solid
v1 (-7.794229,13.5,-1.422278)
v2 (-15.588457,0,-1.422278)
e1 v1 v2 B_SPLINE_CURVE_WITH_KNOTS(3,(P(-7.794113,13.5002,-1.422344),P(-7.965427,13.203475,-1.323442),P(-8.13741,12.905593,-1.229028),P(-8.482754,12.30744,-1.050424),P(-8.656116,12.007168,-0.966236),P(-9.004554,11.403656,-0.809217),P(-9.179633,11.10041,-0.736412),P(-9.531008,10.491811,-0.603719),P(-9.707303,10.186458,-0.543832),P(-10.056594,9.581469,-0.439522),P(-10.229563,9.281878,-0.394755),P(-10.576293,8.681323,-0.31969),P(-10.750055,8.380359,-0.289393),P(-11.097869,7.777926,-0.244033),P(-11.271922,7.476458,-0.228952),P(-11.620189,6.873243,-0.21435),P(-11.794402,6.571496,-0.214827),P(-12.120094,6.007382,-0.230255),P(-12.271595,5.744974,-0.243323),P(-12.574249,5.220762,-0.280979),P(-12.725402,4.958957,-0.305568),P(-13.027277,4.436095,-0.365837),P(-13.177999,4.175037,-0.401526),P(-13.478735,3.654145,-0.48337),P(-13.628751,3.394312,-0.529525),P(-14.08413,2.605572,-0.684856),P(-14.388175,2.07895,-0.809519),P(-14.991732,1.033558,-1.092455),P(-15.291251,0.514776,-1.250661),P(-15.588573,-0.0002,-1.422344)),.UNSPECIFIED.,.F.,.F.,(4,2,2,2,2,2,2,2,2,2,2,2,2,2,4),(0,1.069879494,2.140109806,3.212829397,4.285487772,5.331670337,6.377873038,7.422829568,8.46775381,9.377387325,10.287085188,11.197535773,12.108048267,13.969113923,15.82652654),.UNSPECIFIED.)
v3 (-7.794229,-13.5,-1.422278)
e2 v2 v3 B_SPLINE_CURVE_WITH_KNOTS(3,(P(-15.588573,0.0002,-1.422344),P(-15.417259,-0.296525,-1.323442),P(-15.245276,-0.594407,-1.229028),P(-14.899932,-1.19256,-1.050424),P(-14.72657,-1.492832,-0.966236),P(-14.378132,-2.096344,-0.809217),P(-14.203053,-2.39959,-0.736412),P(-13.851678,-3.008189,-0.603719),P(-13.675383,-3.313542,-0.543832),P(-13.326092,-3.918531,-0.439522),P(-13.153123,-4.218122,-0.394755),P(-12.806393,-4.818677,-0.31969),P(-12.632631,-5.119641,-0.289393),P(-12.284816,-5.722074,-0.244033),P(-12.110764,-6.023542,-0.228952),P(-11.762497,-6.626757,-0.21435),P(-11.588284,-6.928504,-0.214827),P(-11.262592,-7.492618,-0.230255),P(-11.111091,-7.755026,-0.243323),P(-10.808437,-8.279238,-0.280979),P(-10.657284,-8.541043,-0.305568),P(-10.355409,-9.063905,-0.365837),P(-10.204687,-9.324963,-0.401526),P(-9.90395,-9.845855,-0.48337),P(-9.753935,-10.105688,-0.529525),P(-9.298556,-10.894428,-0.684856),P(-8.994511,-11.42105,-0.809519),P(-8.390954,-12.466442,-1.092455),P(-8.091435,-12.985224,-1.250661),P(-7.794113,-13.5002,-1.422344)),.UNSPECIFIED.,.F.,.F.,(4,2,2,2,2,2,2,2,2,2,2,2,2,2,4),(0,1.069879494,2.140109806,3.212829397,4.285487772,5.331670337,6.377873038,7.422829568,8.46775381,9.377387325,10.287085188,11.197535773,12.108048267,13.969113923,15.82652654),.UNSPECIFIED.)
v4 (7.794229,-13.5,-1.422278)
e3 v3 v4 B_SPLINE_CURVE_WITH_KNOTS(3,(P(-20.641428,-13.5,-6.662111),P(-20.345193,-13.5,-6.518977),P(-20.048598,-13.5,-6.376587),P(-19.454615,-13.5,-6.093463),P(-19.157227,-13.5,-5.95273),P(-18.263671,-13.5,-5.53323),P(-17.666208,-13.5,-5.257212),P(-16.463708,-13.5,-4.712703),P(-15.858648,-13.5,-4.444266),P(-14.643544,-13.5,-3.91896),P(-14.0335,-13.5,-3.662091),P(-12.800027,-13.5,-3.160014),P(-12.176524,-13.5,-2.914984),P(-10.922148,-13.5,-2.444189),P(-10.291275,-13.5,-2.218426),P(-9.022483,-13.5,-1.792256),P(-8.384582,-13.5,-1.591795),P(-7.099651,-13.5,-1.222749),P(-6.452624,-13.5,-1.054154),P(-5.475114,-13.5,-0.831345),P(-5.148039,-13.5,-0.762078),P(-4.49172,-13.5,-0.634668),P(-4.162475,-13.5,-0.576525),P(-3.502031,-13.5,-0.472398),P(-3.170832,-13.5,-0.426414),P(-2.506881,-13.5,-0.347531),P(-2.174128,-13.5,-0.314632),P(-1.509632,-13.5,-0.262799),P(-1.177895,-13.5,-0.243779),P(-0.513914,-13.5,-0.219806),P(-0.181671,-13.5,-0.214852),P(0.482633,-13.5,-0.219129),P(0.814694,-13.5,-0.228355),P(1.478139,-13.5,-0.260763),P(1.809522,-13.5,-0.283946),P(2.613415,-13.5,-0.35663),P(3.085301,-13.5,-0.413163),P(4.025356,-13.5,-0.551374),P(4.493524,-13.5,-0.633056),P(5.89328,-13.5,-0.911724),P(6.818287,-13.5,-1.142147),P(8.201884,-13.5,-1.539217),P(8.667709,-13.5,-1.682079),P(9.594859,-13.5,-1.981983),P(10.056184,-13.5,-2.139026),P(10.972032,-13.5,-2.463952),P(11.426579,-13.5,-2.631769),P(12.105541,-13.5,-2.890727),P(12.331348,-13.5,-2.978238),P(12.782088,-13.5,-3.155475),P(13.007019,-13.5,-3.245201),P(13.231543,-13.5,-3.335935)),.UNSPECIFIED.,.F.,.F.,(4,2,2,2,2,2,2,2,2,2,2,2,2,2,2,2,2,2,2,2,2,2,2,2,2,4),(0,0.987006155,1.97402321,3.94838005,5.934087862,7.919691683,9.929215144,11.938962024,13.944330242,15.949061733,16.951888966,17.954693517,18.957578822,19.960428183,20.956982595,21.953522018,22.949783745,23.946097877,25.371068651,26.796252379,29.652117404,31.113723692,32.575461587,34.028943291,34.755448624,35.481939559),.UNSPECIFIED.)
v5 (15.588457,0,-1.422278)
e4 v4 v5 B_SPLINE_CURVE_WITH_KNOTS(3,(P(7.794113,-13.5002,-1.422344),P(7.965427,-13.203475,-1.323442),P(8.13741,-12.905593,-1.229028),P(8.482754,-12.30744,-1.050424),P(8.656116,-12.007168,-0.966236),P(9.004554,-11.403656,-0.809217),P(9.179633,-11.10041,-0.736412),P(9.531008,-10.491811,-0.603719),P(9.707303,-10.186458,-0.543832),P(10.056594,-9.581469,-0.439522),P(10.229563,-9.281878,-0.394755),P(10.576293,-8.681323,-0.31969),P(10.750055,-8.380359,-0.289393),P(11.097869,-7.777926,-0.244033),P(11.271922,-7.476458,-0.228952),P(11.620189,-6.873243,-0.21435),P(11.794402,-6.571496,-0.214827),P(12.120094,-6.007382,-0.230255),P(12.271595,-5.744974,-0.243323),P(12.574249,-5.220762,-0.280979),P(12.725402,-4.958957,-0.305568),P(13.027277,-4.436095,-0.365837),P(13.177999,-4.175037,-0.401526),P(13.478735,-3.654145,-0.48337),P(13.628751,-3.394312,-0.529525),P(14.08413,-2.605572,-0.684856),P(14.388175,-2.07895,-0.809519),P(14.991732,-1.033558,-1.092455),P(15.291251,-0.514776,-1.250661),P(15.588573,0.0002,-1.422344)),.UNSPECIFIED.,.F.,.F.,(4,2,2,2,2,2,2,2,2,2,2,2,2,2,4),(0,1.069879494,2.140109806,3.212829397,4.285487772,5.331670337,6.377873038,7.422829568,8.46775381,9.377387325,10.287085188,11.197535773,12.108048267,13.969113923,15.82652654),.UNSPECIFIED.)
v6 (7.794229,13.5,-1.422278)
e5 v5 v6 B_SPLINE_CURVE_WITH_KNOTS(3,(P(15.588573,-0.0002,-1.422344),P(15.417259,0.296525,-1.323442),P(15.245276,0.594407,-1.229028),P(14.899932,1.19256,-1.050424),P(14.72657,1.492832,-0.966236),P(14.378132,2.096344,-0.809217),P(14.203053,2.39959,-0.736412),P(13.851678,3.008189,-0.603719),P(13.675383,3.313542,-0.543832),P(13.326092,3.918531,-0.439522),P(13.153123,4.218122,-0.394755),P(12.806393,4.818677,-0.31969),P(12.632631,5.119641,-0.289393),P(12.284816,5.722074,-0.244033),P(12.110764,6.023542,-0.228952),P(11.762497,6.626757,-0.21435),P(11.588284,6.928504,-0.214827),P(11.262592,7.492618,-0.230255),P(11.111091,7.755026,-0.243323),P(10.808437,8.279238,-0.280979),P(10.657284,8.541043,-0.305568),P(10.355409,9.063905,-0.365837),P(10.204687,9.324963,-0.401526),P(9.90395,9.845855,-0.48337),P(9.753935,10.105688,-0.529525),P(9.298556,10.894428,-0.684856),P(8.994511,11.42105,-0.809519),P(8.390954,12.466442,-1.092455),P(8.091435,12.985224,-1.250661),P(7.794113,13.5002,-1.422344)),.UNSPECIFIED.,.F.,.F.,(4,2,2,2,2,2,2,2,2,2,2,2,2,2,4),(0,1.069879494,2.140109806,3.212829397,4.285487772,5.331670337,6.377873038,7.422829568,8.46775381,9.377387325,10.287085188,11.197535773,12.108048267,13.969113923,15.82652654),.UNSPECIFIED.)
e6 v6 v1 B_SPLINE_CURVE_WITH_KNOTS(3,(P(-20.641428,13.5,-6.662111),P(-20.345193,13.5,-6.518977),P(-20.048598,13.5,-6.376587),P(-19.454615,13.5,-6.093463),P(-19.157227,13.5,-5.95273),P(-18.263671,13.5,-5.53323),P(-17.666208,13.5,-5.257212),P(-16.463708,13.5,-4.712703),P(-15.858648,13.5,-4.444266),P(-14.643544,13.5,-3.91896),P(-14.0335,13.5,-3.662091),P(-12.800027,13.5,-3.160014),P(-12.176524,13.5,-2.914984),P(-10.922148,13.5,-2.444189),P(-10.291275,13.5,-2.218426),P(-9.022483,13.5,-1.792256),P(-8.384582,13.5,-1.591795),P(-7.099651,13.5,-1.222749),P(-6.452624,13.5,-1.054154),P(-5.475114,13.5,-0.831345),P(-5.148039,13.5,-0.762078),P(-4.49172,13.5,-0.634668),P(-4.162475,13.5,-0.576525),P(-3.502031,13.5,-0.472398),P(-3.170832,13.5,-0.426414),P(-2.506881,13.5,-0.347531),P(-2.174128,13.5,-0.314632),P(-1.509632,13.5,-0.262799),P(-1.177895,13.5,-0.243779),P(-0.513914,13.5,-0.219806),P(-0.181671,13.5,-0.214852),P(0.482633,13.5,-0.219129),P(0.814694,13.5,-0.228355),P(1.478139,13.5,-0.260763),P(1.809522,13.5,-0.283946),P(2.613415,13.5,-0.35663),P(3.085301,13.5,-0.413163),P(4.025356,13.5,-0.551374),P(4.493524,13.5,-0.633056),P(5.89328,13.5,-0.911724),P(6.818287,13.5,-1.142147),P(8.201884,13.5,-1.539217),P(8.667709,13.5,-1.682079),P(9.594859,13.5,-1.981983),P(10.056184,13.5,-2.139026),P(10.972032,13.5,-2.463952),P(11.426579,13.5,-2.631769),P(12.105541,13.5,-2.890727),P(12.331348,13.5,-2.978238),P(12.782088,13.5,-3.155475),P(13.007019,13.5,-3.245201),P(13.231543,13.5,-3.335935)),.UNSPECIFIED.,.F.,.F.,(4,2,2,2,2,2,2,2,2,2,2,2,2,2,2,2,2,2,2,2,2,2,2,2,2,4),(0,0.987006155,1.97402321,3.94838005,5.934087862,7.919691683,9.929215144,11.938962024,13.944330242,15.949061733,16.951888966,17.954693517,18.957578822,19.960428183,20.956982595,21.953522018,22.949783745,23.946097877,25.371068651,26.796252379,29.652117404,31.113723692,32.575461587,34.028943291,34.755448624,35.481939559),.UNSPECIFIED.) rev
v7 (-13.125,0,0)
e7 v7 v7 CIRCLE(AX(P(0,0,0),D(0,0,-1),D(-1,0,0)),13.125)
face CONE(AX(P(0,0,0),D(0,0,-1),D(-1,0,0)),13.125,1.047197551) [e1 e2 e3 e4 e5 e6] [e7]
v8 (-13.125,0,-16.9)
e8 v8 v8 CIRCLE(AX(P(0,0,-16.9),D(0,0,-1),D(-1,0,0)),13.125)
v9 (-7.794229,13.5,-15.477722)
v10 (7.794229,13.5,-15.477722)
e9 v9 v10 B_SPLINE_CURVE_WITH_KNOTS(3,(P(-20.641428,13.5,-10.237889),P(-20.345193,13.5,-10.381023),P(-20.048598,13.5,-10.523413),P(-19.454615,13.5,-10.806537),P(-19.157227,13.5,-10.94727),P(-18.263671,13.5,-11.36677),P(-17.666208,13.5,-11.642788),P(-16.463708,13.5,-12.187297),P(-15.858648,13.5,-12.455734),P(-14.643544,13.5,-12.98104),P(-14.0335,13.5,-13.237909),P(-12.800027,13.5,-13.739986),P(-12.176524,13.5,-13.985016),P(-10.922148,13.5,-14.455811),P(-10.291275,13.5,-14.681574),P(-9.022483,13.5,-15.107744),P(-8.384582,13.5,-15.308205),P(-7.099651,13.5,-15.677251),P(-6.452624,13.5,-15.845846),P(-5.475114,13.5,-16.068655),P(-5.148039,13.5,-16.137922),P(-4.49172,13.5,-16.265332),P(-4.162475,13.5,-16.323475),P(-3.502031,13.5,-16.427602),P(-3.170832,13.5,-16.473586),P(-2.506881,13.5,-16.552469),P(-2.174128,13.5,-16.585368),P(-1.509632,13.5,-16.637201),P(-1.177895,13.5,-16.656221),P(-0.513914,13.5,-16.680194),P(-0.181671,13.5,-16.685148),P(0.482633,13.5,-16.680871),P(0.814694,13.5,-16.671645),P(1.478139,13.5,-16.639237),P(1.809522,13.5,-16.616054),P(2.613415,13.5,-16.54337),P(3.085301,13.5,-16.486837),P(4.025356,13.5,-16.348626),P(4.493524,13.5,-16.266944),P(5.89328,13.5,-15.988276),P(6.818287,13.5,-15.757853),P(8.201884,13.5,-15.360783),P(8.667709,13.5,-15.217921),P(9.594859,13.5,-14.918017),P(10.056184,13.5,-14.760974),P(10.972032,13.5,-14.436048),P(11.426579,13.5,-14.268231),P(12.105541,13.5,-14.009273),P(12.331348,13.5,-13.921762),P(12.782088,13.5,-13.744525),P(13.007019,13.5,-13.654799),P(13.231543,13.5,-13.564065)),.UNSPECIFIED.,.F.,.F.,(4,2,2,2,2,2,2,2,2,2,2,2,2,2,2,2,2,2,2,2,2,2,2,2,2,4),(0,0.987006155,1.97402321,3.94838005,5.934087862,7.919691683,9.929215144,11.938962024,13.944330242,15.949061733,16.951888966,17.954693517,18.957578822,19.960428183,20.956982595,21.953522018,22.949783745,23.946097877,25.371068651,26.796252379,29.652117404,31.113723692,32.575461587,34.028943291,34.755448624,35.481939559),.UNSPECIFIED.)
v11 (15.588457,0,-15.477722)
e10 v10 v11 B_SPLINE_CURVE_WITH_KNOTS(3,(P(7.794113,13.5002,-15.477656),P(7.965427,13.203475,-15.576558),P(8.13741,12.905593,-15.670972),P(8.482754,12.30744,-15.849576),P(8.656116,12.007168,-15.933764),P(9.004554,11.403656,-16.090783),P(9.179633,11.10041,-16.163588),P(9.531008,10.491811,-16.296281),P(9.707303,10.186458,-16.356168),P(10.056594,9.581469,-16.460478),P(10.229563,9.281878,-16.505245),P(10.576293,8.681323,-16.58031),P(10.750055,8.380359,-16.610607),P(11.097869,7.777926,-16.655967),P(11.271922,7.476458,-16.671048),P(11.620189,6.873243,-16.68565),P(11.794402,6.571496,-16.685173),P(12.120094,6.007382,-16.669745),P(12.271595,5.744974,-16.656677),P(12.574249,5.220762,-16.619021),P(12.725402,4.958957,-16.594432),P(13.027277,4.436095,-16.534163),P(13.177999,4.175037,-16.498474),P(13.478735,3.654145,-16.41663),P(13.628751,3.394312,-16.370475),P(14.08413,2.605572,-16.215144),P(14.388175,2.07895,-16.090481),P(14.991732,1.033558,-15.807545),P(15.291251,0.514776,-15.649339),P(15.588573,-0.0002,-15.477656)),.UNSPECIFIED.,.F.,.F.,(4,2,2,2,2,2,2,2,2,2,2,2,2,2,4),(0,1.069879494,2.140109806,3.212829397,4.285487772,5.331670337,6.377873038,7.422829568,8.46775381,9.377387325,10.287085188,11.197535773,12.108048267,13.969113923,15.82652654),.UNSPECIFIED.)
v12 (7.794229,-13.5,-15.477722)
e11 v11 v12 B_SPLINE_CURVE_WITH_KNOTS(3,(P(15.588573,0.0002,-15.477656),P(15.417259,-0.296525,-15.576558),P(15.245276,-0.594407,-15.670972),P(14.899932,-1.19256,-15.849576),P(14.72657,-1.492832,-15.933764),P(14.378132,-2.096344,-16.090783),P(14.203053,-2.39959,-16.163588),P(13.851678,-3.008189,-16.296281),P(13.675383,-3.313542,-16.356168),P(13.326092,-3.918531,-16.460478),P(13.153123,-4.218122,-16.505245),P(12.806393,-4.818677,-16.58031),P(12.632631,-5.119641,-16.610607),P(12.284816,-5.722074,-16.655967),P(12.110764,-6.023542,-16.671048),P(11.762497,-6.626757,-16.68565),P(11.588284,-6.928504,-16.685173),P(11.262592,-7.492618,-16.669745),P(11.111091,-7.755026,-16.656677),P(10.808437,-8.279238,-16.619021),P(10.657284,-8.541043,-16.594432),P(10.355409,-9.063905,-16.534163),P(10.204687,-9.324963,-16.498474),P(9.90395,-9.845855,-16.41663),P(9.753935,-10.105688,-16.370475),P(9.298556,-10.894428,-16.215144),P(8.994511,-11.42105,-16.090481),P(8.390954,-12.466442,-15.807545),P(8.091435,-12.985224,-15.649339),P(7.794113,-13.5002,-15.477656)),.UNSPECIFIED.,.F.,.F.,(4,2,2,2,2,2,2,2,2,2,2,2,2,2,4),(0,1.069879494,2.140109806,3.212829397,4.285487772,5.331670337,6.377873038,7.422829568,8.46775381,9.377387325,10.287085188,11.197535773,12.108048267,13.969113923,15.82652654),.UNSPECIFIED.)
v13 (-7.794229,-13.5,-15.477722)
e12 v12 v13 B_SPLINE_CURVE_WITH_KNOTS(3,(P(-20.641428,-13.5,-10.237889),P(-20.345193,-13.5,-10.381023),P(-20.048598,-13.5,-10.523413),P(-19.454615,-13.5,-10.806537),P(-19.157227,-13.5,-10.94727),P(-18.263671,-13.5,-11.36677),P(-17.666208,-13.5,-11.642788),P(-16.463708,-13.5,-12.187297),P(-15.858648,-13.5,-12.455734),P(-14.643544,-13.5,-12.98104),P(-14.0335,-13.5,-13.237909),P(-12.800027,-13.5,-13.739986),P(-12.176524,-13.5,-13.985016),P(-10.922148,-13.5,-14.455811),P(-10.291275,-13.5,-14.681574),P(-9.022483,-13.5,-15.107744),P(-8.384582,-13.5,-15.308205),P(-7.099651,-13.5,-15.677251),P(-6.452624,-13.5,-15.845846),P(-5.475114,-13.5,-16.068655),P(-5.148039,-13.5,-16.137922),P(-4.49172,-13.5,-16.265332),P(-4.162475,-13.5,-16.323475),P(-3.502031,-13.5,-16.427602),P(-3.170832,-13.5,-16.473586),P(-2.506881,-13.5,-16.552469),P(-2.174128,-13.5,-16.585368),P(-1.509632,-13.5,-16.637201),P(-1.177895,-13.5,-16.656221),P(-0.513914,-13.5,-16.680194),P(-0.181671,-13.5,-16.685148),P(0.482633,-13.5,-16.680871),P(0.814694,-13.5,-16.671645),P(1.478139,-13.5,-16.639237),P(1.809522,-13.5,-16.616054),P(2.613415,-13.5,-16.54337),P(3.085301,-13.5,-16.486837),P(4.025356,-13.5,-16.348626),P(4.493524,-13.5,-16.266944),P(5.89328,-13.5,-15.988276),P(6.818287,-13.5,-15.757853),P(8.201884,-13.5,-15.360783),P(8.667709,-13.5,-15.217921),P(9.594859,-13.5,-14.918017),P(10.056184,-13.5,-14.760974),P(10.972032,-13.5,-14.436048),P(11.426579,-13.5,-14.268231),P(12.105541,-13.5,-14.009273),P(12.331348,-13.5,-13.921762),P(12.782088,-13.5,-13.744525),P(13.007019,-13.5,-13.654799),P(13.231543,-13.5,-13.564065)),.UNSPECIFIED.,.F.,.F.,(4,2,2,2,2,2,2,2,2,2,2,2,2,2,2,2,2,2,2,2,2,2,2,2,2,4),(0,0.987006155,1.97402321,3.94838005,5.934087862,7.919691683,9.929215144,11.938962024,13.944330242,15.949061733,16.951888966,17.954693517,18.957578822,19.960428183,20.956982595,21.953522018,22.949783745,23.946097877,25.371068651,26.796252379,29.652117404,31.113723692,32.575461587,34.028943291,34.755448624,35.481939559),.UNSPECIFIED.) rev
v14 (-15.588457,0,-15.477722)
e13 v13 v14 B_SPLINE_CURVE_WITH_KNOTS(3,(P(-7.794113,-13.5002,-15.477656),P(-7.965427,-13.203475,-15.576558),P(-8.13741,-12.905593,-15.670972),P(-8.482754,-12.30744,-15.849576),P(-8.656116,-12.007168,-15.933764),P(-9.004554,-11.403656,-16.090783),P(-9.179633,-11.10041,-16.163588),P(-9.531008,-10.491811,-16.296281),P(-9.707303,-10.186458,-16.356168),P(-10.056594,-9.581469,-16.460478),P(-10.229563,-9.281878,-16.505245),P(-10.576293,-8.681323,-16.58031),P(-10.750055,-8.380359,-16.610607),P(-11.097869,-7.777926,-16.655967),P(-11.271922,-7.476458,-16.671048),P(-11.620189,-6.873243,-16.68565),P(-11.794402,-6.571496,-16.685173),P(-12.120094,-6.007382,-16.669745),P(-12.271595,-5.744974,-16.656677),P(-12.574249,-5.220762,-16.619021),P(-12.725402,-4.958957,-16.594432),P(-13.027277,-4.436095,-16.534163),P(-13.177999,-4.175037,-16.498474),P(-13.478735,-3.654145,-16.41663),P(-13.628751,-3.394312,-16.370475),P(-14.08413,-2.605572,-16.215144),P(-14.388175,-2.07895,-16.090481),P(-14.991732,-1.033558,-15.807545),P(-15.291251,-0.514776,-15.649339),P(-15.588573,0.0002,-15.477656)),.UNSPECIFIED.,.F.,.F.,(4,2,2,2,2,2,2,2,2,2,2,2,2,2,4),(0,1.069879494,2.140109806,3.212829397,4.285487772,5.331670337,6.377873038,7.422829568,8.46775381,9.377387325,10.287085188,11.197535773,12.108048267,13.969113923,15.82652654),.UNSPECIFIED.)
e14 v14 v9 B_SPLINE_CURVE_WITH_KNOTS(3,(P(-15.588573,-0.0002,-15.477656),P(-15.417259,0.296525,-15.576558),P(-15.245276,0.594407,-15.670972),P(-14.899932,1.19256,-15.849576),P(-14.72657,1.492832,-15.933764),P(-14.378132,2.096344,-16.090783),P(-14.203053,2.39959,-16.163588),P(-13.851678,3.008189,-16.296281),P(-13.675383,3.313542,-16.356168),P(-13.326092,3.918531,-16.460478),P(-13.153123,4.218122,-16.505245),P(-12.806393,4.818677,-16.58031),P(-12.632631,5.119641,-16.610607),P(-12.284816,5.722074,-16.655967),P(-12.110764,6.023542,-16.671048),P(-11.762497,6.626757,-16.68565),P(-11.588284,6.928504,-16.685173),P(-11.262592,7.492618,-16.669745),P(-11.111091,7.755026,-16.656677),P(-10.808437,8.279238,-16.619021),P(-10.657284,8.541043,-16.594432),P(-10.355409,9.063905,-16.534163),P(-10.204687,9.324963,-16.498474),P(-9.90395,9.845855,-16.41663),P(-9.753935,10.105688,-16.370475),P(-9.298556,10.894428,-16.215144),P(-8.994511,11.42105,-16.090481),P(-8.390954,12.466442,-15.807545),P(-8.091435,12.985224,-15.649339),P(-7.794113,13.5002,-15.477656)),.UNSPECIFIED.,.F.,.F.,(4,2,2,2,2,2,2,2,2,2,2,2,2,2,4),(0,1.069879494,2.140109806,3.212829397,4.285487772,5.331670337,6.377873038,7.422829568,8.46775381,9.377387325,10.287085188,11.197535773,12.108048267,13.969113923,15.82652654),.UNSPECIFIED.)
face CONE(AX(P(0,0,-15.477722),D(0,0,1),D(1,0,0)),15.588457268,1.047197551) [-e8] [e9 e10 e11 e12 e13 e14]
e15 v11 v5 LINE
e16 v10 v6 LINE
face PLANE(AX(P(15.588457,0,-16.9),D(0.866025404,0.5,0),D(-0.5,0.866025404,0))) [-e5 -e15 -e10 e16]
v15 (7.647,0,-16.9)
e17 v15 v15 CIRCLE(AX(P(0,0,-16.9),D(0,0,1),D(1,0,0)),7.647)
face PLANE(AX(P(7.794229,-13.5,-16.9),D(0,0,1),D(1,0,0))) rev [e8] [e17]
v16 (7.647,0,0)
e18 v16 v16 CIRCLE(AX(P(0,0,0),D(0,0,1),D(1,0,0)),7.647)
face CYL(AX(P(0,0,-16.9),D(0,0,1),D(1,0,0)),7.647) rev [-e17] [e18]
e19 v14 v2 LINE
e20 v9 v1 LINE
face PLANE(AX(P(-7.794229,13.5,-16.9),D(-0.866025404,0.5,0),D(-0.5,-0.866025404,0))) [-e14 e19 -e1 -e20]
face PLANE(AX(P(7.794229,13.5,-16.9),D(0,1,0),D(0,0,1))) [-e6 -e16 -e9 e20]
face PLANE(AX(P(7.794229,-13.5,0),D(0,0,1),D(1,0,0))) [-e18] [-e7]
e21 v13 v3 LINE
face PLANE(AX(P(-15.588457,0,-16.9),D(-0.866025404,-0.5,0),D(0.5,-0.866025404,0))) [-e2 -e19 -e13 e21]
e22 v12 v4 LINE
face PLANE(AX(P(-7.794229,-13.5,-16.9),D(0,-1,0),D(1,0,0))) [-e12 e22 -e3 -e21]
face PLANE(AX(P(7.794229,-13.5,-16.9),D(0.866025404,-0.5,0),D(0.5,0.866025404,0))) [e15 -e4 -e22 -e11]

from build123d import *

# Parameters (mm, degrees)
SKETCH1_R     = 7.647
BASENUT_DEPTH = 16.9


with BuildPart() as part:
    # Sketch1 → BaseNut (new body)
    with BuildSketch(Plane.XY):
        Polygon((7.794228634, -13.5), (15.588457268, 0), (7.794228634, 13.5), (-7.794228634, 13.5), (-15.588457268, 0), (-7.794228634, -13.5), align=None)
        Circle(SKETCH1_R, mode=Mode.SUBTRACT)
    extrude(amount=-BASENUT_DEPTH)

    # Sketch2 → Double-Chamfer (revolve, cut)
    with BuildSketch(Plane(origin=(0, 0, 0), x_dir=(1, 0, 0), z_dir=(0, 1, 0))):
        Polygon((-15.588457268, 16.9), (-13.125, 16.9), (-15.588457268, 15.477722283), align=None)
        Polygon((-15.588457268, 1.422277717), (-15.588457268, 0), (-13.125, 0), align=None)
    revolve(axis=Axis((0, 0, -3.375940562), (0, 0, 1)), mode=Mode.SUBTRACT)


solid = part.part
